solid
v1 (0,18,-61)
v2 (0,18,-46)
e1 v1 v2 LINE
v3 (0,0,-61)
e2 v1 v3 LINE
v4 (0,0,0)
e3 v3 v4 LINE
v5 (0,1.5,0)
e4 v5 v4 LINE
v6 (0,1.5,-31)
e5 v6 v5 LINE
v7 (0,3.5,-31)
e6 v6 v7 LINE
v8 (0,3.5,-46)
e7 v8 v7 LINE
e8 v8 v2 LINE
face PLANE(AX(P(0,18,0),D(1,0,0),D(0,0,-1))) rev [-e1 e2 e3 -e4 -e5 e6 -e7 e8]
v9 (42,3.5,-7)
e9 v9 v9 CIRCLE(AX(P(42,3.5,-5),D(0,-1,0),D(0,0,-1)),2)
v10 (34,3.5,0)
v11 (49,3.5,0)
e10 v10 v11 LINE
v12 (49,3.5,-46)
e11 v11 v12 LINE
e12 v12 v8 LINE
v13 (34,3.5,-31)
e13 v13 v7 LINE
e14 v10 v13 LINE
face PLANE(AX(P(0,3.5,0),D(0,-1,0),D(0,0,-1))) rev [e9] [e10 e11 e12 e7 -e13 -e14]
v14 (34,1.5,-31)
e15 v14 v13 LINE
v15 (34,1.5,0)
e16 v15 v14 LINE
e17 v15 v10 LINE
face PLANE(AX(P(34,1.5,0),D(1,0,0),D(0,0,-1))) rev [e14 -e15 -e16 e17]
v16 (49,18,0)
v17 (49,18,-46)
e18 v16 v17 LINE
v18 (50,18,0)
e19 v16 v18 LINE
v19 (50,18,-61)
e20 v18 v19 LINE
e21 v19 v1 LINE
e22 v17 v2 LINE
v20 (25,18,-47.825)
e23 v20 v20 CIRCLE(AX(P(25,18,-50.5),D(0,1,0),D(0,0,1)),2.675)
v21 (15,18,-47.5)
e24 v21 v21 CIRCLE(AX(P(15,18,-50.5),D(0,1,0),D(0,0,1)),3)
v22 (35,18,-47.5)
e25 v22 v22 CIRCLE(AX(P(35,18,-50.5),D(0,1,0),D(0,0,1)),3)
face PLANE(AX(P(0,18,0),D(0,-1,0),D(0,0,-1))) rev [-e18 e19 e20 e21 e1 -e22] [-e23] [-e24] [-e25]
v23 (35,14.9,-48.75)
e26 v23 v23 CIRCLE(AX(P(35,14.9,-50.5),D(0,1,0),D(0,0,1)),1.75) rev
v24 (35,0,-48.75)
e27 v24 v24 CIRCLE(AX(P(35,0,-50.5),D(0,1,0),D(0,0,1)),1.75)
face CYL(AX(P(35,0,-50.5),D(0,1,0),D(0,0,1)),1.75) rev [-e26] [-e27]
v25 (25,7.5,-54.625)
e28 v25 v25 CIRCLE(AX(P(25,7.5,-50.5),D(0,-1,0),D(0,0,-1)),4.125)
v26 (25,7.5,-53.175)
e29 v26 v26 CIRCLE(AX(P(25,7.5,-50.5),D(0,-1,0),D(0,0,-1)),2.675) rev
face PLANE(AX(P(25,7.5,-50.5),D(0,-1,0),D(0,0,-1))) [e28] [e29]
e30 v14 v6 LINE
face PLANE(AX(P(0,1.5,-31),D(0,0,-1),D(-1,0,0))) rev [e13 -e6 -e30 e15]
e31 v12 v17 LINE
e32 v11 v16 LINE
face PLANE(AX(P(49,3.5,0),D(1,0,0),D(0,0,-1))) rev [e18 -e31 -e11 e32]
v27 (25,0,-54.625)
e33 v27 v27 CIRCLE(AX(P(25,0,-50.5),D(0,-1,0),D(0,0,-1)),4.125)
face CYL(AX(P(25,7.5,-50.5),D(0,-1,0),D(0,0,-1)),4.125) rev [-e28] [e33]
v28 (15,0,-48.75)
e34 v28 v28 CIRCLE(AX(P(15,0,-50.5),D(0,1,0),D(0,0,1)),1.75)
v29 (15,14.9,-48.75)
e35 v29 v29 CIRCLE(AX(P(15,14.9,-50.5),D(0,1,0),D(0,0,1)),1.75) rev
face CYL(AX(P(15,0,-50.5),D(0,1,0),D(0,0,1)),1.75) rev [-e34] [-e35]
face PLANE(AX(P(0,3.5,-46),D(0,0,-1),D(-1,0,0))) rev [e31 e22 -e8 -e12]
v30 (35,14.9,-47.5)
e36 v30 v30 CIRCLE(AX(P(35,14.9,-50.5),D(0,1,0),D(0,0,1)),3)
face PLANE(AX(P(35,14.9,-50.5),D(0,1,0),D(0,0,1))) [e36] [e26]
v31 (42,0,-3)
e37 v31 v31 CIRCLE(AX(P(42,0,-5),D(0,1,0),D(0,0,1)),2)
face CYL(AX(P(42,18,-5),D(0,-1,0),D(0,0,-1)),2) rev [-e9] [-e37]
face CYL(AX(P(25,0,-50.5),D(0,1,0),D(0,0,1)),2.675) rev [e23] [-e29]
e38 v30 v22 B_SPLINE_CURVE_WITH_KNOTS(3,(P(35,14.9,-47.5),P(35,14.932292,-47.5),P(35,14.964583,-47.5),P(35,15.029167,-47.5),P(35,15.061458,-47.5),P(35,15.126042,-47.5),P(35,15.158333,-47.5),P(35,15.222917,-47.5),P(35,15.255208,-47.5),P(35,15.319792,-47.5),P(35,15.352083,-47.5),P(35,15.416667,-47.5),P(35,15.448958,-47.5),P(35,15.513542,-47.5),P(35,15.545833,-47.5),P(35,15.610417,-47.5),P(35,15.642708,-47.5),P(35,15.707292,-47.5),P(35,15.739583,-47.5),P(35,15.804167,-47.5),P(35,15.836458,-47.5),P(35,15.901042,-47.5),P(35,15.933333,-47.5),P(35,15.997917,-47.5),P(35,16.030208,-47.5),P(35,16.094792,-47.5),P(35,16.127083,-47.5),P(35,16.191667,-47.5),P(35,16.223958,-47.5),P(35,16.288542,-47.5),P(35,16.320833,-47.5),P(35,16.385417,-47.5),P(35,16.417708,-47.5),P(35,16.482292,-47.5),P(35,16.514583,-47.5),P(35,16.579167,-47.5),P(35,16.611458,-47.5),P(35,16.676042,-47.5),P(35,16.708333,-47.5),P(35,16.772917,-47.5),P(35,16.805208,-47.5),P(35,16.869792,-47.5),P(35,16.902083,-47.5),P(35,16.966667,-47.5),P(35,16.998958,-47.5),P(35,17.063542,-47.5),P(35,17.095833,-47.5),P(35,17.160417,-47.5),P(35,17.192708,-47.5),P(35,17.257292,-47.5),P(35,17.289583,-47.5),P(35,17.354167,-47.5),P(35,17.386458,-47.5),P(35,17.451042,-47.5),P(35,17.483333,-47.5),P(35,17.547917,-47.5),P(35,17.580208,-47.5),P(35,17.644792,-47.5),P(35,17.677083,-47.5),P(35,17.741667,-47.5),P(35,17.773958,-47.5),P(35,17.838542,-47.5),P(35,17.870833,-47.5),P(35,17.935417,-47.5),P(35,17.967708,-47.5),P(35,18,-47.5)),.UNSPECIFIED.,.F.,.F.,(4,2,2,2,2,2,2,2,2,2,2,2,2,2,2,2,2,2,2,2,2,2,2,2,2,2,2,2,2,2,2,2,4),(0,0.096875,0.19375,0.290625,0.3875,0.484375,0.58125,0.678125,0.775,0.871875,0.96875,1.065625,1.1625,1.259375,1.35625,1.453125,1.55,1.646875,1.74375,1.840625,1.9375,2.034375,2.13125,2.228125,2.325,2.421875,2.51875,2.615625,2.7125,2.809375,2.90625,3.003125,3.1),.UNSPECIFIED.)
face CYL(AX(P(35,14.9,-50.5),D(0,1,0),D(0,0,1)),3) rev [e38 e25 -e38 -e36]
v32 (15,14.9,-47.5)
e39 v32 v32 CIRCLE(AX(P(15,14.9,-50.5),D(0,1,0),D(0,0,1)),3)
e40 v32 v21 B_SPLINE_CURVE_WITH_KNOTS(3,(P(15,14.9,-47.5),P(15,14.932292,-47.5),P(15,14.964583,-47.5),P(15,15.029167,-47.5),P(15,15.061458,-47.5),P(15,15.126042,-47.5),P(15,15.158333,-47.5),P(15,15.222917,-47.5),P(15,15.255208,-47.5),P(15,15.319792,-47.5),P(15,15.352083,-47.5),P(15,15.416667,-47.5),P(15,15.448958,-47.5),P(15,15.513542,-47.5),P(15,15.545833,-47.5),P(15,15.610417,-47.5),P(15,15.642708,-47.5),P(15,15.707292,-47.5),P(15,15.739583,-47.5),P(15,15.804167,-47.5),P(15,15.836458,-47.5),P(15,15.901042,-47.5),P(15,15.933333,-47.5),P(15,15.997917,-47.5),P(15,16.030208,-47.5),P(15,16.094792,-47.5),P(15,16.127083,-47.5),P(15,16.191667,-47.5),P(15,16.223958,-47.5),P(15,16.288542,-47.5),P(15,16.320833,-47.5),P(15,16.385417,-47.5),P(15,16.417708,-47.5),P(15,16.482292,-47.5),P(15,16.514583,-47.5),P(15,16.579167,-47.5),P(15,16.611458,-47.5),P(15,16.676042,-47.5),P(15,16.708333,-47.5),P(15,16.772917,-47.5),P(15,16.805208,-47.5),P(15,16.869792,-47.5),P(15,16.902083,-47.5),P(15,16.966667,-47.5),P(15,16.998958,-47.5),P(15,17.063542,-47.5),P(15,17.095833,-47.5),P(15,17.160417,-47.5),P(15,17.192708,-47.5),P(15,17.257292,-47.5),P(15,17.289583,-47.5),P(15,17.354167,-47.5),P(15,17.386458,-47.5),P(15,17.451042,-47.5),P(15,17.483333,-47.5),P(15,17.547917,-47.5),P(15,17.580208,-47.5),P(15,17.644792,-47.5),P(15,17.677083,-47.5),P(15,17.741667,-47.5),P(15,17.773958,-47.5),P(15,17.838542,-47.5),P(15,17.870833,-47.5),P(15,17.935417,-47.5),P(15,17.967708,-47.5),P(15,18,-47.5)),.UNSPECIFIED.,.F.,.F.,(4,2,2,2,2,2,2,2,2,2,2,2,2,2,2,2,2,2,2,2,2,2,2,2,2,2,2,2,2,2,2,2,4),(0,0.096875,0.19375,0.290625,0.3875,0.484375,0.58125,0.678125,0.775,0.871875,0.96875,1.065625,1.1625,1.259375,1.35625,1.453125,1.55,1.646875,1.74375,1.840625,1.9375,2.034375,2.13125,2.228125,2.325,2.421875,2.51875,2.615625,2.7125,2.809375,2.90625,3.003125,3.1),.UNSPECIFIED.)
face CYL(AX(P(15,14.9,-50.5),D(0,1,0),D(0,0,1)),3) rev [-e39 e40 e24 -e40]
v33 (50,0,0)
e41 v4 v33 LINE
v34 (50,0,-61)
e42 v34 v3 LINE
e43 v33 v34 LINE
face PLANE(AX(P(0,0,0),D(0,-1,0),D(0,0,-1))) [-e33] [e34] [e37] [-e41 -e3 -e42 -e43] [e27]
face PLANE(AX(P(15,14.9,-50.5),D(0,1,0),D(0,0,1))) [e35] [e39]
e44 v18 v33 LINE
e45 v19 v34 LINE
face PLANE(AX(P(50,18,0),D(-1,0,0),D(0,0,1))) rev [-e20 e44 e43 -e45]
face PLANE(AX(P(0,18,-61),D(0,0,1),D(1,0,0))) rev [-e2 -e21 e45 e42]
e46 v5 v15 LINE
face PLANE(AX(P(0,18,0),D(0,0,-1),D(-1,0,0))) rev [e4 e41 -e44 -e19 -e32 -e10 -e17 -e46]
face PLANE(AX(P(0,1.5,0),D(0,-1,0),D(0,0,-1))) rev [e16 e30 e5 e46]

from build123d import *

# Parameters (mm, degrees)
OUTLINESKETCH2_W                               = 50
OUTLINESKETCH2_H                               = 61
OUTLINESKETCH2_R                               = 2
OUTLINEBOSS_EXTRUDE1_DEPTH                     = 18
BUILDPLATECUTOUTSKETCH1_W                      = 49
BUILDPLATECUTOUTSKETCH1_H                      = 46
BUILDPLATECUTOUTCUT_EXTRUDE7_DEPTH             = 14.5
HEATMATCUTSKETCH3_W                            = 34
HEATMATCUTSKETCH3_H                            = 31
HEATMATCUT_EXTRUDE8_DEPTH                      = 2
SKETCH1_R                                      = 1.75
SKETCH1_R_2                                    = 2.675
ZENDSTOPSWITCHMOUNTHOLESCUT_EXTRUDE1_DEPTH     = 81.901174281
SKETCH3_R                                      = 3
ZENDSTOPSWITCHMOUNTBOREHOLESCUT_EXTRUDE2_DEPTH = 3.1
SKETCH4_R                                      = 4.125
ZENDSTOPSWITCHCONNINGTOWERTBORECUT_EXTRU_DEPTH = 7.5


with BuildPart() as part:
    # OutlineSketch2 → OutlineBoss-Extrude1 (new body)
    with BuildSketch(Plane(origin=(0, 0, 0), x_dir=(1, 0, 0), z_dir=(0, 1, 0))):
        with Locations((25, 30.5)):
            Rectangle(OUTLINESKETCH2_W, OUTLINESKETCH2_H)
        with Locations(Location((42, 5, 0), (0, 0, 270))):
            Circle(OUTLINESKETCH2_R, mode=Mode.SUBTRACT)
    extrude(amount=OUTLINEBOSS_EXTRUDE1_DEPTH)

    # BuildPlateCutoutSketch1 → BuildPlateCutoutCut-Extrude7 (cut)
    with BuildSketch(Plane(origin=(0, 18, 0), x_dir=(1, 0, 0), z_dir=(0, 1, 0))):
        with Locations((24.5, 23)):
            Rectangle(BUILDPLATECUTOUTSKETCH1_W, BUILDPLATECUTOUTSKETCH1_H)
    extrude(amount=-BUILDPLATECUTOUTCUT_EXTRUDE7_DEPTH, mode=Mode.SUBTRACT)

    # HeatMatCutSketch3 → HeatMatCut-Extrude8 (cut)
    with BuildSketch(Plane(origin=(0, 3.5, 0), x_dir=(1, 0, 0), z_dir=(0, 1, 0))):
        with Locations((17, 15.5)):
            Rectangle(HEATMATCUTSKETCH3_W, HEATMATCUTSKETCH3_H)
    extrude(amount=-HEATMATCUT_EXTRUDE8_DEPTH, mode=Mode.SUBTRACT)

    # Sketch1 → ZEndStopSwitchMountHolesCut-Extrude1 (cut, through all)
    with BuildSketch(Plane(origin=(0, 18, 0), x_dir=(1, 0, 0), z_dir=(0, 1, 0))):
        with Locations(Location((35, 50.5, 0), (0, 0, 270))):
            Circle(SKETCH1_R)
        with Locations(Location((25, 50.5, 0), (0, 0, 270))):
            Circle(SKETCH1_R_2)
        with Locations(Location((15, 50.5, 0), (0, 0, 270))):
            Circle(SKETCH1_R)
    extrude(amount=-ZENDSTOPSWITCHMOUNTHOLESCUT_EXTRUDE1_DEPTH, mode=Mode.SUBTRACT)

    # Sketch3 → ZEndStopSwitchMountBoreHolesCut-Extrude2 (cut)
    with BuildSketch(Plane(origin=(0, 18, 0), x_dir=(1, 0, 0), z_dir=(0, 1, 0))):
        with Locations(Location((35, 50.5, 0), (0, 0, 270))):
            Circle(SKETCH3_R)
        with Locations(Location((15, 50.5, 0), (0, 0, 270))):
            Circle(SKETCH3_R)
    extrude(amount=-ZENDSTOPSWITCHMOUNTBOREHOLESCUT_EXTRUDE2_DEPTH, mode=Mode.SUBTRACT)

    # Sketch4 → ZEndStopSwitchConningTowertBoreCut-Extrude1 (cut)
    with BuildSketch(Plane.XZ):
        with Locations(Location((25, -50.5, 0), (0, 0, 270))):
            Circle(SKETCH4_R)
    extrude(amount=-ZENDSTOPSWITCHCONNINGTOWERTBORECUT_EXTRU_DEPTH, mode=Mode.SUBTRACT)


solid = part.part
